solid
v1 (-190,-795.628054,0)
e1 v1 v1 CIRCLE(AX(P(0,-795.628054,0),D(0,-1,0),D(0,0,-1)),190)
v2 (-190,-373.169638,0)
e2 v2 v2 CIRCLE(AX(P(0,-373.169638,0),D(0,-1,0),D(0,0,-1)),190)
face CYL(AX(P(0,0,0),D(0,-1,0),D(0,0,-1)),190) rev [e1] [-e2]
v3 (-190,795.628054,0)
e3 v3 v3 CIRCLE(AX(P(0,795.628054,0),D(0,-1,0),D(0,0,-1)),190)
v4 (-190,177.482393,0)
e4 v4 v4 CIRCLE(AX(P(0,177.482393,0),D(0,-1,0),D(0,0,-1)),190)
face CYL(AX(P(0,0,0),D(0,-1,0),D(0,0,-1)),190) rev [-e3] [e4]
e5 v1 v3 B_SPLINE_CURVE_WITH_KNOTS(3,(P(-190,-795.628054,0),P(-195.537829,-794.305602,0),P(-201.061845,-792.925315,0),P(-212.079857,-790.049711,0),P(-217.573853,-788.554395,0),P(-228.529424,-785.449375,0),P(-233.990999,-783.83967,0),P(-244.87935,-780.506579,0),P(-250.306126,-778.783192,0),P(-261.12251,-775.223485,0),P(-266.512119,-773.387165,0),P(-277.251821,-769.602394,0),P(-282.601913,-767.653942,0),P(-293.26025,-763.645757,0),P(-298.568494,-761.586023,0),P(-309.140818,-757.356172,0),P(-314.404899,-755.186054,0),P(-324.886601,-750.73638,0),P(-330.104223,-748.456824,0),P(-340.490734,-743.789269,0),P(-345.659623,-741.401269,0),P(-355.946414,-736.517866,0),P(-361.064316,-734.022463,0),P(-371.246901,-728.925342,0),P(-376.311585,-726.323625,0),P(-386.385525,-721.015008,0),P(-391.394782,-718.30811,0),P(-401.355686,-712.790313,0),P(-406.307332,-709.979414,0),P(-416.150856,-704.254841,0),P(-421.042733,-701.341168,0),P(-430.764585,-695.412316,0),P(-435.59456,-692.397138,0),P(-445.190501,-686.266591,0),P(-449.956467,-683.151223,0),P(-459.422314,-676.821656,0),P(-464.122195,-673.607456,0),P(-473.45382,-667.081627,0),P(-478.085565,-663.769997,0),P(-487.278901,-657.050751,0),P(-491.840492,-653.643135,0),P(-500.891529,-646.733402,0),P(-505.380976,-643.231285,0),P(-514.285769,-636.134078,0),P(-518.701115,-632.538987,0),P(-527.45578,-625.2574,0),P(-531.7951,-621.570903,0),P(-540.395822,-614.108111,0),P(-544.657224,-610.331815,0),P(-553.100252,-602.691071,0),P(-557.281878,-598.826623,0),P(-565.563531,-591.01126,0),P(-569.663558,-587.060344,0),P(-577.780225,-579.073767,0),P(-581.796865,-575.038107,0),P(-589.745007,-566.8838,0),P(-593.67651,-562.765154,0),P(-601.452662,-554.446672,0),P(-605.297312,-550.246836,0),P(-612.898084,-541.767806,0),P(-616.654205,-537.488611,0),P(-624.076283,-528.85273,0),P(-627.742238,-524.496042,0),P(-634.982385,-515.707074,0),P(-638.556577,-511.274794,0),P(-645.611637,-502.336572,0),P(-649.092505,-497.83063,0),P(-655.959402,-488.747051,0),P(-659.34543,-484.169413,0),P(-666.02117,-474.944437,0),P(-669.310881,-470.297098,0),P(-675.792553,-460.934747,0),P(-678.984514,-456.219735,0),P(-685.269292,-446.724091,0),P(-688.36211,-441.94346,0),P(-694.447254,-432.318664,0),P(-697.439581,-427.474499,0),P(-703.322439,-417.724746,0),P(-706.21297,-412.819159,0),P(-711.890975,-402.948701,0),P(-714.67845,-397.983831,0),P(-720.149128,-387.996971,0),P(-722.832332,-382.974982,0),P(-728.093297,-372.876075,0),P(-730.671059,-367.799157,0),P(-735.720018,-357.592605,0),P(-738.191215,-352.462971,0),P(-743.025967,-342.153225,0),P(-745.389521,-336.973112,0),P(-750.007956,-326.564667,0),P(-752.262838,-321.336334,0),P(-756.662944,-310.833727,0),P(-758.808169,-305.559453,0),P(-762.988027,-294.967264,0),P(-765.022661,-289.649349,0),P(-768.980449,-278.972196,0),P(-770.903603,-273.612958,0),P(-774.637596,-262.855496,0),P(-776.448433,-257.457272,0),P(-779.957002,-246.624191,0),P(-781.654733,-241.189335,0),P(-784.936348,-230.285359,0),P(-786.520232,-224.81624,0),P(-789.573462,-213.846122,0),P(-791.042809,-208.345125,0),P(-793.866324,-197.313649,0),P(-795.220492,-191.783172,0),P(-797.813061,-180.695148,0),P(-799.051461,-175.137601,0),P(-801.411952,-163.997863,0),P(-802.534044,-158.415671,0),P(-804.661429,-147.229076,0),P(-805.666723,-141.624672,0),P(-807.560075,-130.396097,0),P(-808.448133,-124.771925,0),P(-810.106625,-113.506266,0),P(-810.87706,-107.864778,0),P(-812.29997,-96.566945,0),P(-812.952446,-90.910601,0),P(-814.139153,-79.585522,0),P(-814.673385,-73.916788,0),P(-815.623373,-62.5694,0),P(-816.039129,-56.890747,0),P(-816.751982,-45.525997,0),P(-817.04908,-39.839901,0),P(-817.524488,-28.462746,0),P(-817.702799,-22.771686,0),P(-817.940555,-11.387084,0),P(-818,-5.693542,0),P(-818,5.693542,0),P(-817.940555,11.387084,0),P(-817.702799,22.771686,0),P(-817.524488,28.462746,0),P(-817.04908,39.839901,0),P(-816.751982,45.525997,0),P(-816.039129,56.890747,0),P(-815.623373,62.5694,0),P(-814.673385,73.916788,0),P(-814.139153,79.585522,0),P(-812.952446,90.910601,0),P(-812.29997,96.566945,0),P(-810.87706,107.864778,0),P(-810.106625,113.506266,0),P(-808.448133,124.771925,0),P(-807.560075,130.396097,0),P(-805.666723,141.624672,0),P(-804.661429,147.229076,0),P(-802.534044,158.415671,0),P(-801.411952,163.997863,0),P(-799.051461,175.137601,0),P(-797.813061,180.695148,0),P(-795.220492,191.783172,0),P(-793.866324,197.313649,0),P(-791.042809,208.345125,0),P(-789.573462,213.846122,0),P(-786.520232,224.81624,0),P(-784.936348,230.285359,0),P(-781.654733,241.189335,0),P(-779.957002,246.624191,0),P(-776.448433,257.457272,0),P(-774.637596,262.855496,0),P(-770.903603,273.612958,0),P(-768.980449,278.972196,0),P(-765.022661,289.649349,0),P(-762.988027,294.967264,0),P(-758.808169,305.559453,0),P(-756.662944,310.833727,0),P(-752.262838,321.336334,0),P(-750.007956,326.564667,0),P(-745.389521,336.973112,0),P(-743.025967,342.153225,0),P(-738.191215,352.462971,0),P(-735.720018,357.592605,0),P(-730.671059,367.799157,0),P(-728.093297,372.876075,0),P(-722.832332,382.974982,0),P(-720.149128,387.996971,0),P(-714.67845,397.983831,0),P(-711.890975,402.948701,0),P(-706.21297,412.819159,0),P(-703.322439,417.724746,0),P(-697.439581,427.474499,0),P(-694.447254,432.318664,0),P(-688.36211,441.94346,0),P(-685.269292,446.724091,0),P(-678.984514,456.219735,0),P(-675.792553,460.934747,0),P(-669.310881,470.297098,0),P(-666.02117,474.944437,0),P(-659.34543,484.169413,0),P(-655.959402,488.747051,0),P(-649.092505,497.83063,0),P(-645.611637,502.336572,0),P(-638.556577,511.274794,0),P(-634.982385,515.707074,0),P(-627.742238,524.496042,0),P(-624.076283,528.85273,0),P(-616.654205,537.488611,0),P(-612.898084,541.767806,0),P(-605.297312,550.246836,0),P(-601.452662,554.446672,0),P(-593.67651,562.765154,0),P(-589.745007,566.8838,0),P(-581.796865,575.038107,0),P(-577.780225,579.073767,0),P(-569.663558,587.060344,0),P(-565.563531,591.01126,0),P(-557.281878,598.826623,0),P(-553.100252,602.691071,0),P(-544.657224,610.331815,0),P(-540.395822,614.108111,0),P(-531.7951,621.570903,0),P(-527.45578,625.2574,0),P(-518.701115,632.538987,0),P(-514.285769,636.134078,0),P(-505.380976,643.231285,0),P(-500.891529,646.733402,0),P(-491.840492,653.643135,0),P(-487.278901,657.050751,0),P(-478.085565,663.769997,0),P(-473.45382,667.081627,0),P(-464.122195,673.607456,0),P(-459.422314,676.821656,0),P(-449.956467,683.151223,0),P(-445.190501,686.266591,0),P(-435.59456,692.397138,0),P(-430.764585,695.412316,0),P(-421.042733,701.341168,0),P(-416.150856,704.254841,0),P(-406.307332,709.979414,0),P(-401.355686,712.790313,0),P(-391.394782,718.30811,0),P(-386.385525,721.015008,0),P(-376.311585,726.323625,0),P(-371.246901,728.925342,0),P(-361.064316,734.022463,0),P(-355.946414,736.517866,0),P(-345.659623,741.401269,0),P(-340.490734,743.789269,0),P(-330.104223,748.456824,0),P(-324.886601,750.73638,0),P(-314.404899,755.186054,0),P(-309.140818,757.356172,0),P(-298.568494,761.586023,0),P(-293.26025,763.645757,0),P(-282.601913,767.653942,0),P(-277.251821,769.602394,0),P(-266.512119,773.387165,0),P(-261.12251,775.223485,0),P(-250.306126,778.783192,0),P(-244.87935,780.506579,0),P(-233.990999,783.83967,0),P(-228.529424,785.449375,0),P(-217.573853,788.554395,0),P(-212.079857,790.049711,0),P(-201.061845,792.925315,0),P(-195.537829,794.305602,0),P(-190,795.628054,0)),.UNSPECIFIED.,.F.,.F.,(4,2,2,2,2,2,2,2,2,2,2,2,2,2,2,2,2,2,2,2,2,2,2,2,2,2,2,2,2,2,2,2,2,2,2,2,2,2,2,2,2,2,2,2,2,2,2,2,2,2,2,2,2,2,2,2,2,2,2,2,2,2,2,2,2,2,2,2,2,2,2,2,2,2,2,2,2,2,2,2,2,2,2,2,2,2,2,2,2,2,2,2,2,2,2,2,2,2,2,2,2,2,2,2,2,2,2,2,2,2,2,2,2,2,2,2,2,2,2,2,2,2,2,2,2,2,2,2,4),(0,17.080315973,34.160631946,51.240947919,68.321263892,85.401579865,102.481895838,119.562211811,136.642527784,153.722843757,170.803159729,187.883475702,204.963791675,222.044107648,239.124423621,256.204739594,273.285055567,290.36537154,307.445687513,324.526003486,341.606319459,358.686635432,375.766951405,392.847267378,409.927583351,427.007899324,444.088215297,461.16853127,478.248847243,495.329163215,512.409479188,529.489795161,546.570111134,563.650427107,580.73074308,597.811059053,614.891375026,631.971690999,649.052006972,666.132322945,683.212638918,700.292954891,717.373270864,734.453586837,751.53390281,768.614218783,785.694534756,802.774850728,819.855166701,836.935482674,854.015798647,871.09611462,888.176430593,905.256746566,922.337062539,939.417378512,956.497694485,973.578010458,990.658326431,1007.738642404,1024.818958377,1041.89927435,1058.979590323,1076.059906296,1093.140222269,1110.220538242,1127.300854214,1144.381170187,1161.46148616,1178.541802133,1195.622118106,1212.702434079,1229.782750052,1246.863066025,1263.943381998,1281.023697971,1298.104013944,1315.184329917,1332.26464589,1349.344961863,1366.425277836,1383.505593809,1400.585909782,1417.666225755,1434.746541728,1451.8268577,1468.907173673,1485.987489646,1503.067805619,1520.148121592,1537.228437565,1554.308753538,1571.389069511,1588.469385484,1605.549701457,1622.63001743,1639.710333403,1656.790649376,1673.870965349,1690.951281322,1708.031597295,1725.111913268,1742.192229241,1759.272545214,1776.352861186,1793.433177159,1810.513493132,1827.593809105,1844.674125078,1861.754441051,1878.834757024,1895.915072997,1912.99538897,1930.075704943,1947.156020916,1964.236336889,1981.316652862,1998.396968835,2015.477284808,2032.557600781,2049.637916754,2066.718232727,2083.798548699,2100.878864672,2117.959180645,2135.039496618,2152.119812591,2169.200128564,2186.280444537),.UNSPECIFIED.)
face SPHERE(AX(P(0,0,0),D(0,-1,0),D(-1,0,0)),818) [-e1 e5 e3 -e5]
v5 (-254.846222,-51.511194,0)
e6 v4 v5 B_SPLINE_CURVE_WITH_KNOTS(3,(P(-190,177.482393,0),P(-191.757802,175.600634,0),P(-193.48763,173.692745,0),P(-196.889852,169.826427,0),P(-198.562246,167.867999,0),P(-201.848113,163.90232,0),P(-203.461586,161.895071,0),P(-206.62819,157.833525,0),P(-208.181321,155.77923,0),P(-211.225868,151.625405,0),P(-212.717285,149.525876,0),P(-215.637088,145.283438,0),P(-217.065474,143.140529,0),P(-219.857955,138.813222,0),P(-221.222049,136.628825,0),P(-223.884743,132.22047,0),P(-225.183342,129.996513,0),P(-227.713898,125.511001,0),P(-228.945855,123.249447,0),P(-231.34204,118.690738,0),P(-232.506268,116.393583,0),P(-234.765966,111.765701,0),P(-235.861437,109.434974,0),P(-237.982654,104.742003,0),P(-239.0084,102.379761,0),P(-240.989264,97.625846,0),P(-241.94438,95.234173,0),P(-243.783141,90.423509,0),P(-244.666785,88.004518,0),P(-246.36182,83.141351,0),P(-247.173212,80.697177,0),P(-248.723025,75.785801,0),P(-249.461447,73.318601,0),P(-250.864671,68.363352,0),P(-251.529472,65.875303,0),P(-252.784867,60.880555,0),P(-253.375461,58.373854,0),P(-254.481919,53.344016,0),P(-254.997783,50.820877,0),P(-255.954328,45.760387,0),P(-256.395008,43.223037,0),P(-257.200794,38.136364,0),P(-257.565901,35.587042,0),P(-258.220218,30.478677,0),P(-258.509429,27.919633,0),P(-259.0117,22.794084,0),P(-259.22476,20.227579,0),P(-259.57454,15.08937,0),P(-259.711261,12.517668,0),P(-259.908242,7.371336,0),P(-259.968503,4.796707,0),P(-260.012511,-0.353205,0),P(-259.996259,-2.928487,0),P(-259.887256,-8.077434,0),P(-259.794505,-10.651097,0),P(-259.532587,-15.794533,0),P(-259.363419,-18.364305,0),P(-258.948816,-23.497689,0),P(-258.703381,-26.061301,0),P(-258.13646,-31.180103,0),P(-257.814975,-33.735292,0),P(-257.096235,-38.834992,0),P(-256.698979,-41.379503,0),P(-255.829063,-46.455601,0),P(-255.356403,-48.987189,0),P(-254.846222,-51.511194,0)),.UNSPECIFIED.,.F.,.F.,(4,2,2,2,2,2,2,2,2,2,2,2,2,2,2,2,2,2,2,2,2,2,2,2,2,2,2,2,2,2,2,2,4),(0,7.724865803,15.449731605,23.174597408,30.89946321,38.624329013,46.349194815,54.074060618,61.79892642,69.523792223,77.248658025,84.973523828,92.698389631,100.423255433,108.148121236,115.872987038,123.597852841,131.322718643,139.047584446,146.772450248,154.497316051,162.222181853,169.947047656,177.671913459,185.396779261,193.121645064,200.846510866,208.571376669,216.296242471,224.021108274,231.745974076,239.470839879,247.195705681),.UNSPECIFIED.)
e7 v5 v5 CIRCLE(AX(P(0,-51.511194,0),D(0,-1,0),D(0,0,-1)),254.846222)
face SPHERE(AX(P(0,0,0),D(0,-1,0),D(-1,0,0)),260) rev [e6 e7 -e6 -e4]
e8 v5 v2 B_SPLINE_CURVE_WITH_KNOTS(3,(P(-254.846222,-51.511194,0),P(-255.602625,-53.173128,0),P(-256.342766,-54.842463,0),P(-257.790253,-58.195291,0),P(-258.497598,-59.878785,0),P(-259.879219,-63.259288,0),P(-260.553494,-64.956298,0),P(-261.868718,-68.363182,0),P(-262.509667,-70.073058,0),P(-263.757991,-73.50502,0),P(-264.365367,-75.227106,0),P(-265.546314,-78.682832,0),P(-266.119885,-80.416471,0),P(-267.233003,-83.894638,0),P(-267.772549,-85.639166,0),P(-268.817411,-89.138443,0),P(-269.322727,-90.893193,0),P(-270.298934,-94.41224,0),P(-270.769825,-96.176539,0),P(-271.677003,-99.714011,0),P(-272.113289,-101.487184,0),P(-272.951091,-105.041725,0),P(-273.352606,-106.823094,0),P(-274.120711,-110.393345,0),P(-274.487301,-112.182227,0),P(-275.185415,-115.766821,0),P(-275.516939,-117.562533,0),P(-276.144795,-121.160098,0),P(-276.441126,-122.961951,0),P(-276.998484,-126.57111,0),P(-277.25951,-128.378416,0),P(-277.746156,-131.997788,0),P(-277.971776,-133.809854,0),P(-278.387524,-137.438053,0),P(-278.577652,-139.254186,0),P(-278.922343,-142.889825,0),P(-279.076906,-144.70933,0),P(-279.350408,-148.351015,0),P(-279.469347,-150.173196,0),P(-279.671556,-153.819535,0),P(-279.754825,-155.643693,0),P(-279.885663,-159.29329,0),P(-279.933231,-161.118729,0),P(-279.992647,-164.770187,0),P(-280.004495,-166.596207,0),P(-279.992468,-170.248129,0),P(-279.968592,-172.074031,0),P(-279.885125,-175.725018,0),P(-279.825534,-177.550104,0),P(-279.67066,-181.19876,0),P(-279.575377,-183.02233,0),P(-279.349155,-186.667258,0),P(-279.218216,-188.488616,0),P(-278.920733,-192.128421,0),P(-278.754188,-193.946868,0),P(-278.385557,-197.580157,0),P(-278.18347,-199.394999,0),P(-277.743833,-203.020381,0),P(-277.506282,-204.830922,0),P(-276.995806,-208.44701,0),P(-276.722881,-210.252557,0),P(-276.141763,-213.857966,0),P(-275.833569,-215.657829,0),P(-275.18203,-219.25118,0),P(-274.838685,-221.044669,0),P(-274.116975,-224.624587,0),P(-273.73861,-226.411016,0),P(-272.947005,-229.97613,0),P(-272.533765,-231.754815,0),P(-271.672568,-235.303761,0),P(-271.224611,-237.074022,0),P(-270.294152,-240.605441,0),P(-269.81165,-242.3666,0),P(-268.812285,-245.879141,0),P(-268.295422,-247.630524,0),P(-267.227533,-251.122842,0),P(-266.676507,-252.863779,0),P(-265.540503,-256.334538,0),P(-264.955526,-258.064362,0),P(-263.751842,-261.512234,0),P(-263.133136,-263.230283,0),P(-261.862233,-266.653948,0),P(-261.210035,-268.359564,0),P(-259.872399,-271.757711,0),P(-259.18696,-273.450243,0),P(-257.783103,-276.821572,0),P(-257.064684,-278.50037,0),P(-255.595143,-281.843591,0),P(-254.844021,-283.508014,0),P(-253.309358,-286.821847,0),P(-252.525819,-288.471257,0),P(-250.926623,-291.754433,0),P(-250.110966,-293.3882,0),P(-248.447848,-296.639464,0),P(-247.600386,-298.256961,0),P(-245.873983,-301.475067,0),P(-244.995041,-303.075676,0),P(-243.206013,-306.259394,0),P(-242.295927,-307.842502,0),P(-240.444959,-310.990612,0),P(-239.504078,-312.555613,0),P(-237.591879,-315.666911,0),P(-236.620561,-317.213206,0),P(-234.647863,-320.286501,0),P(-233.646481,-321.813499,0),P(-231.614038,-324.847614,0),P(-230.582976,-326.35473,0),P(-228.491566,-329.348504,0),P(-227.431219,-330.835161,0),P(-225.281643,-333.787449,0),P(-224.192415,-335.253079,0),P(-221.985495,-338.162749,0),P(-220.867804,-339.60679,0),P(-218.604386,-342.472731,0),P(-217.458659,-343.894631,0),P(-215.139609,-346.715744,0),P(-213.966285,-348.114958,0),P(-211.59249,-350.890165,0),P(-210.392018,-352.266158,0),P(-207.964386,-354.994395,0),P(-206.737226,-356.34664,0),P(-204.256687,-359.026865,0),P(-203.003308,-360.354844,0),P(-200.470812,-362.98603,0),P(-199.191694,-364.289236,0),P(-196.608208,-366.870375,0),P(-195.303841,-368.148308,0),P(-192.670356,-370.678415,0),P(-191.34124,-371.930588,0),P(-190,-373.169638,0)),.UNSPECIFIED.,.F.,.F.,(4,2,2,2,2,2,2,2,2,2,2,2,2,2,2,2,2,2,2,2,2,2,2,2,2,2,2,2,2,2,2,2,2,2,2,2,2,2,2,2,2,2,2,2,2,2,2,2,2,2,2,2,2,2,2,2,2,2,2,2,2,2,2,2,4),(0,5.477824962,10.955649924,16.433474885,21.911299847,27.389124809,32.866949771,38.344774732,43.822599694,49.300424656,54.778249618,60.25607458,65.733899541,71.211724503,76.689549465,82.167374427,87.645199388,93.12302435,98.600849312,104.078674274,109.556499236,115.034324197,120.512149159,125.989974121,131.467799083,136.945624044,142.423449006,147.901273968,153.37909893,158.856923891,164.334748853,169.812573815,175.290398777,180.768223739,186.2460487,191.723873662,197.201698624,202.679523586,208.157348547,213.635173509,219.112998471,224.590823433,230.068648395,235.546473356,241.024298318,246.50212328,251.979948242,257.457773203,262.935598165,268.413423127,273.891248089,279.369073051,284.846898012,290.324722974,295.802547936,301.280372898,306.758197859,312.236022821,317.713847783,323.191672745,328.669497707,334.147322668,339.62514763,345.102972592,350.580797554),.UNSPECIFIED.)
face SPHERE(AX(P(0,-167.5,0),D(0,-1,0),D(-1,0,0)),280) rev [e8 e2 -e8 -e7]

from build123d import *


with BuildPart() as part:
    # 草图1 → 旋转1 (revolve)
    with BuildSketch(Plane.XY):
        with BuildLine():
            Line((-190, 795.628053804), (-190, 177.482393493))
            ThreePointArc((-190, 177.482393493), (-250.16305902, 70.84097615), (-254.846222043, -51.51119403))
            ThreePointArc((-254.846222043, -51.51119403), (-274.477829638, -222.834627831), (-190, -373.169638012))
            Line((-190, -373.169638012), (-190, -795.628053804))
            ThreePointArc((-190, -795.628053804), (-818, 0), (-190, 795.628053804))
        make_face()
    revolve(axis=Axis((0, 0, 0), (0, 1, 0)))


solid = part.part
